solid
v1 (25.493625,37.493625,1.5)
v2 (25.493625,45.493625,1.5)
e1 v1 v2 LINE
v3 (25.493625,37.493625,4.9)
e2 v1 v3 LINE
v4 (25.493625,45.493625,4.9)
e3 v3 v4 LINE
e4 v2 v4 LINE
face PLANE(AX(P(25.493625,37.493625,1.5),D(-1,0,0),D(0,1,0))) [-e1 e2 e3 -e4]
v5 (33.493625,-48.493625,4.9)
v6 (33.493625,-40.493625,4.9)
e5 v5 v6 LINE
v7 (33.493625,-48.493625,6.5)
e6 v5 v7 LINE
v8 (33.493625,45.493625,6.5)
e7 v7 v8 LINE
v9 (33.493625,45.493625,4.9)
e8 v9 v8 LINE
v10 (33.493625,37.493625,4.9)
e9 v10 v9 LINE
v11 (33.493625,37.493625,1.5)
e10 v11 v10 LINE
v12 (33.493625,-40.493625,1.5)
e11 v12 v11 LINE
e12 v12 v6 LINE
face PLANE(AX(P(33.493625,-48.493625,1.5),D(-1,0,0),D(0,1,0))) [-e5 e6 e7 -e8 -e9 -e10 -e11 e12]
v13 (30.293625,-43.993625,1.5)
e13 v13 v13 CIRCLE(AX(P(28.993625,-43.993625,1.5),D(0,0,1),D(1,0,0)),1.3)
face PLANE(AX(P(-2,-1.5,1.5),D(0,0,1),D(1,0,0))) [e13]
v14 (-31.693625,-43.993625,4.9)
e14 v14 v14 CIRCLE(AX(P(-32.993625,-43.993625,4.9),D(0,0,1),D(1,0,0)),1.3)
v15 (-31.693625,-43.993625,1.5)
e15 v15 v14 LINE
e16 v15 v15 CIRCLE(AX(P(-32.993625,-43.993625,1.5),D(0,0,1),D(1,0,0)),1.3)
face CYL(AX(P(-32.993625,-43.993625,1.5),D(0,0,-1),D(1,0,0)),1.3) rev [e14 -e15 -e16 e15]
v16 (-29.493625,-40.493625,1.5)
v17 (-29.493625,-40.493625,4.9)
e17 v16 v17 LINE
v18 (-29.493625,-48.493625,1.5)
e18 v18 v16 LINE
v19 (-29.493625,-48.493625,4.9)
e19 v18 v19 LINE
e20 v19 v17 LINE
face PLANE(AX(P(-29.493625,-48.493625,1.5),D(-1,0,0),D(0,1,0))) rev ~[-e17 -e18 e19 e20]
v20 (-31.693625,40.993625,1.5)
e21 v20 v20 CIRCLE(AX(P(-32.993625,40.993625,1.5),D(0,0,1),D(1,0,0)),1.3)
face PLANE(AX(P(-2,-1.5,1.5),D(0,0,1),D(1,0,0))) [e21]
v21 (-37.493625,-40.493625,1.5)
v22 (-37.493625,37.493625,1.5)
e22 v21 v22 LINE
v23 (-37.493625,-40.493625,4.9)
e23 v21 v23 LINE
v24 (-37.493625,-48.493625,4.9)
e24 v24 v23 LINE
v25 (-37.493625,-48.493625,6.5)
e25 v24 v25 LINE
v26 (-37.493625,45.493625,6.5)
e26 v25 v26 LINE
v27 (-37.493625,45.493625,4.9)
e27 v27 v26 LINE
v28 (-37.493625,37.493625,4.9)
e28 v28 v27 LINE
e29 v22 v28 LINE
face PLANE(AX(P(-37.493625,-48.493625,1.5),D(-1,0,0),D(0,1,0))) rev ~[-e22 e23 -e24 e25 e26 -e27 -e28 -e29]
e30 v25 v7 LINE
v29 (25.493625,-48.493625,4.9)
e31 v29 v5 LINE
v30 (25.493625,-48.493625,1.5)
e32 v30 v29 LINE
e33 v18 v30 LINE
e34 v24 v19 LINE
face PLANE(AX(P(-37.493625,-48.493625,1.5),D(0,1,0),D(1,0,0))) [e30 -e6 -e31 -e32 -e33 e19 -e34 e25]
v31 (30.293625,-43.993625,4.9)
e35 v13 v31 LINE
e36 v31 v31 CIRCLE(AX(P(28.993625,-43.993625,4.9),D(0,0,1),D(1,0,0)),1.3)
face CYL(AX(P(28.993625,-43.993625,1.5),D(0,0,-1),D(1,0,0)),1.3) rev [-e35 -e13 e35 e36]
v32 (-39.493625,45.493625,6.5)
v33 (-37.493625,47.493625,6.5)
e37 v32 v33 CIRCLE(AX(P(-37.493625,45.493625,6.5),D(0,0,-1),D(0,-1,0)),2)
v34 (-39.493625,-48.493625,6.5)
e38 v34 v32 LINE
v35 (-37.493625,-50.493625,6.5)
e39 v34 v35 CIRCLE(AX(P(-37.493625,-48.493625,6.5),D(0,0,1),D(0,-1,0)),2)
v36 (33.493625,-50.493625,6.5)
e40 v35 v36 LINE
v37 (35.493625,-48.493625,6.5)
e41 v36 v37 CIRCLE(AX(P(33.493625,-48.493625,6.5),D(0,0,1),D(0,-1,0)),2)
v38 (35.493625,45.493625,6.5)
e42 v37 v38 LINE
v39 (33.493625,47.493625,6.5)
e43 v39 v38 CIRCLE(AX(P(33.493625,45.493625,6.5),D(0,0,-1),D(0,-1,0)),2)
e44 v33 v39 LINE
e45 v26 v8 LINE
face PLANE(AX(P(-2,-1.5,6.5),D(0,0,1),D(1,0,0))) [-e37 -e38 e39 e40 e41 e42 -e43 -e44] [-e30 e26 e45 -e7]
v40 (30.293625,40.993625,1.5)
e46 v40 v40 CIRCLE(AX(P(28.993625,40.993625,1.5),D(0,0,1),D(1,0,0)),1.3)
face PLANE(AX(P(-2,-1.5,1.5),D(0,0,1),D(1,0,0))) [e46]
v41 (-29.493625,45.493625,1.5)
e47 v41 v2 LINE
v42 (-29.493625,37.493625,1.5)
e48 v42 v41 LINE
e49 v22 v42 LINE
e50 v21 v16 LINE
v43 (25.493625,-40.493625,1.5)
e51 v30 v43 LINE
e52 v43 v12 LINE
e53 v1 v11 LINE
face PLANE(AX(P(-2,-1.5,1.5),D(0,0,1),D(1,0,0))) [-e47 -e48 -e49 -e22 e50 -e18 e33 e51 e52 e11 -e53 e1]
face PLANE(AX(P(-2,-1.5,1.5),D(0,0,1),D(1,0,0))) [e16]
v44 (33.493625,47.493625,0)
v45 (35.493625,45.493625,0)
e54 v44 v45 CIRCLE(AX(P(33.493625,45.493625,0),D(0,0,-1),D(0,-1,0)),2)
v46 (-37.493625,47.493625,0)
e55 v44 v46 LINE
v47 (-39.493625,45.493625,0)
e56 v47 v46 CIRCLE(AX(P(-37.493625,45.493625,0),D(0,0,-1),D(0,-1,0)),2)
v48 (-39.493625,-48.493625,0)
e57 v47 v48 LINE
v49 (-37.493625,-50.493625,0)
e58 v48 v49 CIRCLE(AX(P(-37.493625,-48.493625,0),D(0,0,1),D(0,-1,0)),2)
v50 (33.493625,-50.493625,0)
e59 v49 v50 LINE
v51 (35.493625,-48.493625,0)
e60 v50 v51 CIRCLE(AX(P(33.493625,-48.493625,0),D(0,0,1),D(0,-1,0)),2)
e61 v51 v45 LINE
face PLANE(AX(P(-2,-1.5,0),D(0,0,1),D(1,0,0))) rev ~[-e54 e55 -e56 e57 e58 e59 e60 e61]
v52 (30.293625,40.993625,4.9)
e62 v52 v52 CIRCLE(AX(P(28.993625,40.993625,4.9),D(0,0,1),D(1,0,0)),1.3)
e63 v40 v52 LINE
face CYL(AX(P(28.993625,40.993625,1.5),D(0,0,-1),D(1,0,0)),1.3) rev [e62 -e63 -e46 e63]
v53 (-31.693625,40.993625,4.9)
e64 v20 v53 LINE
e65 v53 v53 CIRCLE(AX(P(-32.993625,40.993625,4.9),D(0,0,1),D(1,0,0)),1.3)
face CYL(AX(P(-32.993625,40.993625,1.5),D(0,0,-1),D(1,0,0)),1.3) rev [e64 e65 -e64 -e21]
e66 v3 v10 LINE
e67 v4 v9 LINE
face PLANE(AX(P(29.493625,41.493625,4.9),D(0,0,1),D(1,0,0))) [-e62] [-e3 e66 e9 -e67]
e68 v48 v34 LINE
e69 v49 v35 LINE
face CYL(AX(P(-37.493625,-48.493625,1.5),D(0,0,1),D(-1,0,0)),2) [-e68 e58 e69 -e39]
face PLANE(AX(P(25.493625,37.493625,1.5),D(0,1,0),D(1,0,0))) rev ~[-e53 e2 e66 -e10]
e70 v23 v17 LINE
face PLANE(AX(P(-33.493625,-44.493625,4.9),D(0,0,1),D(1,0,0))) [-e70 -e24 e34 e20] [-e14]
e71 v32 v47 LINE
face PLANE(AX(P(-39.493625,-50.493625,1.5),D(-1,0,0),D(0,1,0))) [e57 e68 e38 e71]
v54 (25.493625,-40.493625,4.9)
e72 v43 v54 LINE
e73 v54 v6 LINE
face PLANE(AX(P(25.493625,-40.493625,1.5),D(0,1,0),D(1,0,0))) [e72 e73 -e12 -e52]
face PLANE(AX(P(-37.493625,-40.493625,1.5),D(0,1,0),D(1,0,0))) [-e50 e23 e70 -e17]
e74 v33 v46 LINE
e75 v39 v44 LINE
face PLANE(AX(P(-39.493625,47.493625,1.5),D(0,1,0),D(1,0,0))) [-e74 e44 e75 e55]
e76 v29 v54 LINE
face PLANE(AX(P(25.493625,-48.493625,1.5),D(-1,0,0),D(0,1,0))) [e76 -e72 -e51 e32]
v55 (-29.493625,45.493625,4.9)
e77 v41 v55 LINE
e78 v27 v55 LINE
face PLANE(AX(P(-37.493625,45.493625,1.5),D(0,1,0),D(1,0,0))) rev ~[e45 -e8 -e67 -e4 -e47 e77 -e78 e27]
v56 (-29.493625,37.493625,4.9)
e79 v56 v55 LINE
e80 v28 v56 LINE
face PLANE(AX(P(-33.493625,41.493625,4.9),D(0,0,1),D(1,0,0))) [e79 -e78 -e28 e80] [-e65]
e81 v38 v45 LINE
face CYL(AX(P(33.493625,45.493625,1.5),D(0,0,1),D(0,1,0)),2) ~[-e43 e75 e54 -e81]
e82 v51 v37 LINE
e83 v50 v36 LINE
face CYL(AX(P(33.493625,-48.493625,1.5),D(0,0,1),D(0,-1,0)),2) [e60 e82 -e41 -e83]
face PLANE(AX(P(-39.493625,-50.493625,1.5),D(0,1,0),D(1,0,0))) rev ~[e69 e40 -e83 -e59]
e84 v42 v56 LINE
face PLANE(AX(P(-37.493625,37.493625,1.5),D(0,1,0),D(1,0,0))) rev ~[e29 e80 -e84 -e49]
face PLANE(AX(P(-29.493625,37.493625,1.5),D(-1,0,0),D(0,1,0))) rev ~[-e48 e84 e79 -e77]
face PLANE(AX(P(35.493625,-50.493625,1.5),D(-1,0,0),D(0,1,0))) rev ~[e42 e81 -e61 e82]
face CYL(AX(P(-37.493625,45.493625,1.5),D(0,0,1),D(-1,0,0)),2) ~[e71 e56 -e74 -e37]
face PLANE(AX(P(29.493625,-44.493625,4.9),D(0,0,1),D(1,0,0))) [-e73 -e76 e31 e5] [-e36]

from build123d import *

# Parameters (mm, degrees)
F1_DEPTH = 1.5
F2_W     = 74.9872508645
F2_H     = 97.9872508645
F2_W_2   = 70.9872508645
F2_H_2   = 93.9872508645
F3_DEPTH = 5
F4_W     = 8
F4_H     = 8
F4_R     = 1.3
F5_DEPTH = 3.4
F6_R     = 2


with BuildPart() as f1:
    # F0 (on Top) → F1 (new body)
    with BuildSketch(Plane.XY):
        Polygon((-39.4936254323, -50.4936254323), (-37, -50.4936254323), (33, -50.4936254323), (35.4936254323, -50.4936254323), (35.4936254323, -48), (35.4936254323, 45), (35.4936254323, 47.4936254323), (33, 47.4936254323), (-37, 47.4936254323), (-39.4936254323, 47.4936254323), (-39.4936254323, -47.5), align=None)
    extrude(amount=F1_DEPTH)

    # F2 (on face) → F3 (join)
    with BuildSketch(Plane.XY.offset(1.5)):
        with Locations((-2, -1.5)):
            Rectangle(F2_W, F2_H)
        with Locations((-2, -1.5)):
            Rectangle(F2_W_2, F2_H_2, mode=Mode.SUBTRACT)
    extrude(amount=F3_DEPTH)

    # F4 (on face) → F5 (join)
    with BuildSketch(Plane.XY.offset(1.5)):
        with Locations((-33.4936254323, 41.4936254323)):
            Rectangle(F4_W, F4_H)
        with Locations((-32.9936254323, 40.9936254323)):
            Circle(F4_R, mode=Mode.SUBTRACT)
        with Locations((29.4936254323, 41.4936254323)):
            Rectangle(F4_W, F4_H)
        with Locations((28.9936254323, 40.9936254323)):
            Circle(F4_R, mode=Mode.SUBTRACT)
        with Locations((29.4936254323, -44.4936254323)):
            Rectangle(F4_W, F4_H)
        with Locations((28.9936254323, -43.9936254323)):
            Circle(F4_R, mode=Mode.SUBTRACT)
        with Locations((-33.4936254323, -44.4936254323)):
            Rectangle(F4_W, F4_H)
        with Locations((-32.9936254323, -43.9936254323)):
            Circle(F4_R, mode=Mode.SUBTRACT)
    extrude(amount=F5_DEPTH)

    # F6
    f6_edges = [f1.edges().sort_by_distance(p)[0] for p in [
        (-39.493625, -50.493625, 3.25),
        (-39.493625, 47.493625, 3.25),
        (35.493625, 47.493625, 3.25),
        (35.493625, -50.493625, 3.25),
    ]]
    fillet(f6_edges, radius=F6_R)


solid = f1.part
